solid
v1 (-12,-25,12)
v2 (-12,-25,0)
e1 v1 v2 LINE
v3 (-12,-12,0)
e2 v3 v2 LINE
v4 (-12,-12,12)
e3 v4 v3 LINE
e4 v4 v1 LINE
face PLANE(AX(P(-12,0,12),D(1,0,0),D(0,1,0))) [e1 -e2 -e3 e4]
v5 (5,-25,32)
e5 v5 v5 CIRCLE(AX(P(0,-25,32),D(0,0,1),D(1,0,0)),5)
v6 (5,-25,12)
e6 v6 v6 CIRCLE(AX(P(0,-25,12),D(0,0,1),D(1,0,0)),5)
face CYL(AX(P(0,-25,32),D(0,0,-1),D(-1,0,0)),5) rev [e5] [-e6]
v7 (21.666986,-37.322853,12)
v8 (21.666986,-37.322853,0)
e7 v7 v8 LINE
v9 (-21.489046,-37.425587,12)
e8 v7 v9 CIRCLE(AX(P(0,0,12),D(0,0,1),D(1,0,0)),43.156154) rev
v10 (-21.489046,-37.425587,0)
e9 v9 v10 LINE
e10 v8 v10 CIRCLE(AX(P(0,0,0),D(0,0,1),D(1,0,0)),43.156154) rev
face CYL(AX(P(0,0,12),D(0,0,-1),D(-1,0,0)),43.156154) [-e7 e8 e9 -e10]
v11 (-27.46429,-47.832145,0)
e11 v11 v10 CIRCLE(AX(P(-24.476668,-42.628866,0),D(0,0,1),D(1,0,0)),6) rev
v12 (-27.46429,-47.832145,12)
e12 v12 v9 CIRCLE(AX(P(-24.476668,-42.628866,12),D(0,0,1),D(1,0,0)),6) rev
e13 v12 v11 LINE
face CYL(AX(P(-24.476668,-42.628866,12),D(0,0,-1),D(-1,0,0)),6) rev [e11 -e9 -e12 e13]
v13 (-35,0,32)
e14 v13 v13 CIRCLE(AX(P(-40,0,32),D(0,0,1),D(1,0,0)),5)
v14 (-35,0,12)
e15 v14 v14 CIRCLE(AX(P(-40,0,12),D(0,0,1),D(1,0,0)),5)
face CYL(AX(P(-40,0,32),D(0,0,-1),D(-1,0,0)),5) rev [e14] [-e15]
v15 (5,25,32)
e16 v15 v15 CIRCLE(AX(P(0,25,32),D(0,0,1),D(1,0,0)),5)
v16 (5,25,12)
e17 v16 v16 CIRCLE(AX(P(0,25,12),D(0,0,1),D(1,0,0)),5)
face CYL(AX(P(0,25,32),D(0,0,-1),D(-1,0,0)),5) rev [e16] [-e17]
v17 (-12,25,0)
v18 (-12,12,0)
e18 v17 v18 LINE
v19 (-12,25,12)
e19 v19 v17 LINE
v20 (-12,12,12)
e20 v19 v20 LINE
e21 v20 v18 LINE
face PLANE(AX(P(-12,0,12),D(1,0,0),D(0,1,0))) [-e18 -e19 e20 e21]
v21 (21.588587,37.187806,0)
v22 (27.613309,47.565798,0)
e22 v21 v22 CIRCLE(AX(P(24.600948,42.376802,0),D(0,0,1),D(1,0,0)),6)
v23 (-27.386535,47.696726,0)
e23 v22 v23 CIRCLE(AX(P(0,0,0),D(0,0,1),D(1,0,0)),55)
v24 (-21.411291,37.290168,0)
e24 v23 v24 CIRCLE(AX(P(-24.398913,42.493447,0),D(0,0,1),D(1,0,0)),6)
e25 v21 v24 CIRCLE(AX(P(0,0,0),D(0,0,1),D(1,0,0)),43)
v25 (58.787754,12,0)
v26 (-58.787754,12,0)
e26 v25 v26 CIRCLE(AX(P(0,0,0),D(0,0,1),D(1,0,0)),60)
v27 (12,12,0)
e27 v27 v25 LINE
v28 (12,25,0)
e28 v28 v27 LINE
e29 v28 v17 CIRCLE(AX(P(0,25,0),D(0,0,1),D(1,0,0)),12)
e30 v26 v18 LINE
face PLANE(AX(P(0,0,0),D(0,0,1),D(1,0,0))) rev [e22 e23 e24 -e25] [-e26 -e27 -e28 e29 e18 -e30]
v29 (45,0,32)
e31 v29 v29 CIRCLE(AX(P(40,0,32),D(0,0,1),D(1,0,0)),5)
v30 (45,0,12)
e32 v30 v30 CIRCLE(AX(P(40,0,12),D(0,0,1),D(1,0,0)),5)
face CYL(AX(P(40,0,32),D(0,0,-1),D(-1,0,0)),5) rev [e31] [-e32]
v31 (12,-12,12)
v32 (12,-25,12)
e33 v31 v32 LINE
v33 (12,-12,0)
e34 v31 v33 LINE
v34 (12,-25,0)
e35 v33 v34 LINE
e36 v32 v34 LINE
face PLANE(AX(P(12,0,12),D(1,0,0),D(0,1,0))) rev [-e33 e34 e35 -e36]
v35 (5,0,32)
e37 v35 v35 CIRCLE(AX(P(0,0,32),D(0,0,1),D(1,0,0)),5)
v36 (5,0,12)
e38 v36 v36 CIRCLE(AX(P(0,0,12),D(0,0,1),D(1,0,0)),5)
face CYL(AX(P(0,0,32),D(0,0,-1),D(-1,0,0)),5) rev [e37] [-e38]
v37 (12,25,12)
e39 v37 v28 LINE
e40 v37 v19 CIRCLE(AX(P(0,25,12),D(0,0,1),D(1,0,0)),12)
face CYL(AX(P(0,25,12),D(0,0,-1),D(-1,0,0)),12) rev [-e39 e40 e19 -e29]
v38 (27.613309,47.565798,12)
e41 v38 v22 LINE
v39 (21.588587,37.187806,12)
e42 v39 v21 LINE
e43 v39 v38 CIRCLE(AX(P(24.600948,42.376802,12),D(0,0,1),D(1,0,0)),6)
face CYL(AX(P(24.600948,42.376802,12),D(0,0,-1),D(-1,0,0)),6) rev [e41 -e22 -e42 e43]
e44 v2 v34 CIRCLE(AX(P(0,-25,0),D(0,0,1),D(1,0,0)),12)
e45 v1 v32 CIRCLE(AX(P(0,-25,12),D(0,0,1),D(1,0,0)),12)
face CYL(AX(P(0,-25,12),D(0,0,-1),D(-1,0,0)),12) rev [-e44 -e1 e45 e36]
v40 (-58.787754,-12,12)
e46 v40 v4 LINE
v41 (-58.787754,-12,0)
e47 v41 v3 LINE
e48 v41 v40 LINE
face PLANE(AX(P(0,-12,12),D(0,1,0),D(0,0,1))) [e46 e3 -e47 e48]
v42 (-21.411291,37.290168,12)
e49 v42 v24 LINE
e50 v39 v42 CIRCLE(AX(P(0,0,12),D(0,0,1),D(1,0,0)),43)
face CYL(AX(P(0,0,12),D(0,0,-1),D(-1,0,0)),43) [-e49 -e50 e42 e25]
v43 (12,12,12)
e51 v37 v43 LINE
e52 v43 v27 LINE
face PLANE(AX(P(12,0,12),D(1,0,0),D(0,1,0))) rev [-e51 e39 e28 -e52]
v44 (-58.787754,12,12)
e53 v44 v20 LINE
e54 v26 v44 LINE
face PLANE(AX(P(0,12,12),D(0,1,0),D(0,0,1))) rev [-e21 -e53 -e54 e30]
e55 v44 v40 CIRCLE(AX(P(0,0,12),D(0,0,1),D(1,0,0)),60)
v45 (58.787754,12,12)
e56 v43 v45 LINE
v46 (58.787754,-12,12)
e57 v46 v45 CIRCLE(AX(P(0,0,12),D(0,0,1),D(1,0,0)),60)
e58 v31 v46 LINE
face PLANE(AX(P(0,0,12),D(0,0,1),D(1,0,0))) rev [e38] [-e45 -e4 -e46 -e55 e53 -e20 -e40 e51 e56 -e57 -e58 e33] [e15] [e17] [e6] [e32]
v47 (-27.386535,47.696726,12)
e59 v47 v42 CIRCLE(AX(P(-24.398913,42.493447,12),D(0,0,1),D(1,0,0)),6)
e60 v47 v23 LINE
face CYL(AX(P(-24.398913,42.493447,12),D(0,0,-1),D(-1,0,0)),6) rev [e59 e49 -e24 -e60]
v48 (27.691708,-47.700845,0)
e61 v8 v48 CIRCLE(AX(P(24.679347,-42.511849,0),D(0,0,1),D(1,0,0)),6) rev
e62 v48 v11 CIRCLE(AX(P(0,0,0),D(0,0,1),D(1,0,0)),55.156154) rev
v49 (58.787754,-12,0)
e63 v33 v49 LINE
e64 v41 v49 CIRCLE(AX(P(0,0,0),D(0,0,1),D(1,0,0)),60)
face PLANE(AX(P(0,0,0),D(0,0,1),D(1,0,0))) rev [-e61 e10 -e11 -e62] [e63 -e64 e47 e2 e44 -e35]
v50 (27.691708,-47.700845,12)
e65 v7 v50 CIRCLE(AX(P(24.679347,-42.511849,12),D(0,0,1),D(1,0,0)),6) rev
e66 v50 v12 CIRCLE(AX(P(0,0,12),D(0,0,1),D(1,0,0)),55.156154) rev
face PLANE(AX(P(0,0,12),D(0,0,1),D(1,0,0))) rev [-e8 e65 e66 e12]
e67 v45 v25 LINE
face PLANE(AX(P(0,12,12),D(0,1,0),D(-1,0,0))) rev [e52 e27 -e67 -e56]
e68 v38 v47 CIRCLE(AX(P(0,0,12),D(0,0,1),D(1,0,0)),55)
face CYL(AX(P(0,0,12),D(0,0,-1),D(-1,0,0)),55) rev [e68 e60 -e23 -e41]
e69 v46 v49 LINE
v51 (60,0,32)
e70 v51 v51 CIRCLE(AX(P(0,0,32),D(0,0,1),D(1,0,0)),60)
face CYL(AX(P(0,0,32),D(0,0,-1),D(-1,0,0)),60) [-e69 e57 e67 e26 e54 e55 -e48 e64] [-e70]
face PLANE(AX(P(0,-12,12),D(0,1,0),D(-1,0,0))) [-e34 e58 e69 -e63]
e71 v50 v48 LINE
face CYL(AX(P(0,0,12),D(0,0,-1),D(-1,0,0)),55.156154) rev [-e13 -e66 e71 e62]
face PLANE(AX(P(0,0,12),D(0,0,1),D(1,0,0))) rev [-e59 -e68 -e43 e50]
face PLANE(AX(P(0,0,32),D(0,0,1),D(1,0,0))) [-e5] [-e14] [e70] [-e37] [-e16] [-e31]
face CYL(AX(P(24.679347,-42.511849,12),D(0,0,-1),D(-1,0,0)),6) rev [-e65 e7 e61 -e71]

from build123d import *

# Parameters (mm, degrees)
SKETCH2_R           = 60
SKETCH2_R_2         = 5
BOSS_EXTRUDE1_DEPTH = 32
SKETCH4_R           = 5
CUT_EXTRUDE2_DEPTH  = 12
CUT_EXTRUDE3_DEPTH  = 12


with BuildPart() as part:
    # Sketch2 → Boss-Extrude1 (new body)
    with BuildSketch(Plane.XY):
        Circle(SKETCH2_R)
        Circle(SKETCH2_R_2, mode=Mode.SUBTRACT)
        with Locations((40, 0)):
            Circle(SKETCH2_R_2, mode=Mode.SUBTRACT)
        with Locations((-40, 0)):
            Circle(SKETCH2_R_2, mode=Mode.SUBTRACT)
        with Locations((0, 25)):
            Circle(SKETCH2_R_2, mode=Mode.SUBTRACT)
        with Locations((0, -25)):
            Circle(SKETCH2_R_2, mode=Mode.SUBTRACT)
    extrude(amount=BOSS_EXTRUDE1_DEPTH)

    # Sketch4 → Cut-Extrude2 (cut)
    with BuildSketch(Plane.XY):
        with BuildLine():
            Line((12, 12), (12, 25))
            ThreePointArc((12, 25), (0, 37), (-12, 25))
            Line((-12, 25), (-12, 12))
            Line((-12, 12), (-58.787753827, 12))
            ThreePointArc((-58.787753827, 12), (-60, 0), (-58.787753827, -12))
            Line((-58.787753827, -12), (-12, -12))
            Line((-12, -12), (-12, -25))
            ThreePointArc((-12, -25), (0, -37), (12, -25))
            Line((12, -25), (12, -12))
            Line((12, -12), (58.787753827, -12))
            ThreePointArc((58.787753827, -12), (59.69616918, -6.03053772), (60, 0))
            ThreePointArc((60, 0), (59.69616918, 6.03053772), (58.787753827, 12))
            Line((58.787753827, 12), (12, 12))
        make_face()
        with Locations((-40, 0)):
            Circle(SKETCH4_R, mode=Mode.SUBTRACT)
        with Locations((0, -25)):
            Circle(SKETCH4_R, mode=Mode.SUBTRACT)
        Circle(SKETCH4_R, mode=Mode.SUBTRACT)
        with Locations((40, 0)):
            Circle(SKETCH4_R, mode=Mode.SUBTRACT)
        with Locations((0, 25)):
            Circle(SKETCH4_R, mode=Mode.SUBTRACT)
    extrude(amount=CUT_EXTRUDE2_DEPTH, mode=Mode.SUBTRACT)

    # Sketch5 → Cut-Extrude3 (cut)
    with BuildSketch(Plane.XY):
        with BuildLine():
            ThreePointArc((27.613309165, 47.565798185), (0.130928127, 54.999844162), (-27.386534997, 47.696726312))
            ThreePointArc((-27.386534997, 47.696726312), (-29.602192231, 39.505825078), (-21.411290998, 37.290167844))
            ThreePointArc((-21.411290998, 37.290167844), (0.10236199, 42.999878163), (21.588587165, 37.187805854))
            ThreePointArc((21.588587165, 37.187805854), (29.789944331, 39.364441019), (27.613309165, 47.565798185))
        make_face()
        with BuildLine():
            ThreePointArc((-27.464289902, -47.832145212), (-29.679947137, -39.641243979), (-21.489045903, -37.425586744))
            ThreePointArc((-21.489045903, -37.425586744), (0.102733717, -43.156031824), (21.66698592, -37.322853027))
            ThreePointArc((21.66698592, -37.322853027), (29.868343086, -39.499488193), (27.69170792, -47.700845359))
            ThreePointArc((27.69170792, -47.700845359), (0.131299854, -55.155997823), (-27.464289902, -47.832145212))
        make_face()
    extrude(amount=CUT_EXTRUDE3_DEPTH, mode=Mode.SUBTRACT)


solid = part.part
